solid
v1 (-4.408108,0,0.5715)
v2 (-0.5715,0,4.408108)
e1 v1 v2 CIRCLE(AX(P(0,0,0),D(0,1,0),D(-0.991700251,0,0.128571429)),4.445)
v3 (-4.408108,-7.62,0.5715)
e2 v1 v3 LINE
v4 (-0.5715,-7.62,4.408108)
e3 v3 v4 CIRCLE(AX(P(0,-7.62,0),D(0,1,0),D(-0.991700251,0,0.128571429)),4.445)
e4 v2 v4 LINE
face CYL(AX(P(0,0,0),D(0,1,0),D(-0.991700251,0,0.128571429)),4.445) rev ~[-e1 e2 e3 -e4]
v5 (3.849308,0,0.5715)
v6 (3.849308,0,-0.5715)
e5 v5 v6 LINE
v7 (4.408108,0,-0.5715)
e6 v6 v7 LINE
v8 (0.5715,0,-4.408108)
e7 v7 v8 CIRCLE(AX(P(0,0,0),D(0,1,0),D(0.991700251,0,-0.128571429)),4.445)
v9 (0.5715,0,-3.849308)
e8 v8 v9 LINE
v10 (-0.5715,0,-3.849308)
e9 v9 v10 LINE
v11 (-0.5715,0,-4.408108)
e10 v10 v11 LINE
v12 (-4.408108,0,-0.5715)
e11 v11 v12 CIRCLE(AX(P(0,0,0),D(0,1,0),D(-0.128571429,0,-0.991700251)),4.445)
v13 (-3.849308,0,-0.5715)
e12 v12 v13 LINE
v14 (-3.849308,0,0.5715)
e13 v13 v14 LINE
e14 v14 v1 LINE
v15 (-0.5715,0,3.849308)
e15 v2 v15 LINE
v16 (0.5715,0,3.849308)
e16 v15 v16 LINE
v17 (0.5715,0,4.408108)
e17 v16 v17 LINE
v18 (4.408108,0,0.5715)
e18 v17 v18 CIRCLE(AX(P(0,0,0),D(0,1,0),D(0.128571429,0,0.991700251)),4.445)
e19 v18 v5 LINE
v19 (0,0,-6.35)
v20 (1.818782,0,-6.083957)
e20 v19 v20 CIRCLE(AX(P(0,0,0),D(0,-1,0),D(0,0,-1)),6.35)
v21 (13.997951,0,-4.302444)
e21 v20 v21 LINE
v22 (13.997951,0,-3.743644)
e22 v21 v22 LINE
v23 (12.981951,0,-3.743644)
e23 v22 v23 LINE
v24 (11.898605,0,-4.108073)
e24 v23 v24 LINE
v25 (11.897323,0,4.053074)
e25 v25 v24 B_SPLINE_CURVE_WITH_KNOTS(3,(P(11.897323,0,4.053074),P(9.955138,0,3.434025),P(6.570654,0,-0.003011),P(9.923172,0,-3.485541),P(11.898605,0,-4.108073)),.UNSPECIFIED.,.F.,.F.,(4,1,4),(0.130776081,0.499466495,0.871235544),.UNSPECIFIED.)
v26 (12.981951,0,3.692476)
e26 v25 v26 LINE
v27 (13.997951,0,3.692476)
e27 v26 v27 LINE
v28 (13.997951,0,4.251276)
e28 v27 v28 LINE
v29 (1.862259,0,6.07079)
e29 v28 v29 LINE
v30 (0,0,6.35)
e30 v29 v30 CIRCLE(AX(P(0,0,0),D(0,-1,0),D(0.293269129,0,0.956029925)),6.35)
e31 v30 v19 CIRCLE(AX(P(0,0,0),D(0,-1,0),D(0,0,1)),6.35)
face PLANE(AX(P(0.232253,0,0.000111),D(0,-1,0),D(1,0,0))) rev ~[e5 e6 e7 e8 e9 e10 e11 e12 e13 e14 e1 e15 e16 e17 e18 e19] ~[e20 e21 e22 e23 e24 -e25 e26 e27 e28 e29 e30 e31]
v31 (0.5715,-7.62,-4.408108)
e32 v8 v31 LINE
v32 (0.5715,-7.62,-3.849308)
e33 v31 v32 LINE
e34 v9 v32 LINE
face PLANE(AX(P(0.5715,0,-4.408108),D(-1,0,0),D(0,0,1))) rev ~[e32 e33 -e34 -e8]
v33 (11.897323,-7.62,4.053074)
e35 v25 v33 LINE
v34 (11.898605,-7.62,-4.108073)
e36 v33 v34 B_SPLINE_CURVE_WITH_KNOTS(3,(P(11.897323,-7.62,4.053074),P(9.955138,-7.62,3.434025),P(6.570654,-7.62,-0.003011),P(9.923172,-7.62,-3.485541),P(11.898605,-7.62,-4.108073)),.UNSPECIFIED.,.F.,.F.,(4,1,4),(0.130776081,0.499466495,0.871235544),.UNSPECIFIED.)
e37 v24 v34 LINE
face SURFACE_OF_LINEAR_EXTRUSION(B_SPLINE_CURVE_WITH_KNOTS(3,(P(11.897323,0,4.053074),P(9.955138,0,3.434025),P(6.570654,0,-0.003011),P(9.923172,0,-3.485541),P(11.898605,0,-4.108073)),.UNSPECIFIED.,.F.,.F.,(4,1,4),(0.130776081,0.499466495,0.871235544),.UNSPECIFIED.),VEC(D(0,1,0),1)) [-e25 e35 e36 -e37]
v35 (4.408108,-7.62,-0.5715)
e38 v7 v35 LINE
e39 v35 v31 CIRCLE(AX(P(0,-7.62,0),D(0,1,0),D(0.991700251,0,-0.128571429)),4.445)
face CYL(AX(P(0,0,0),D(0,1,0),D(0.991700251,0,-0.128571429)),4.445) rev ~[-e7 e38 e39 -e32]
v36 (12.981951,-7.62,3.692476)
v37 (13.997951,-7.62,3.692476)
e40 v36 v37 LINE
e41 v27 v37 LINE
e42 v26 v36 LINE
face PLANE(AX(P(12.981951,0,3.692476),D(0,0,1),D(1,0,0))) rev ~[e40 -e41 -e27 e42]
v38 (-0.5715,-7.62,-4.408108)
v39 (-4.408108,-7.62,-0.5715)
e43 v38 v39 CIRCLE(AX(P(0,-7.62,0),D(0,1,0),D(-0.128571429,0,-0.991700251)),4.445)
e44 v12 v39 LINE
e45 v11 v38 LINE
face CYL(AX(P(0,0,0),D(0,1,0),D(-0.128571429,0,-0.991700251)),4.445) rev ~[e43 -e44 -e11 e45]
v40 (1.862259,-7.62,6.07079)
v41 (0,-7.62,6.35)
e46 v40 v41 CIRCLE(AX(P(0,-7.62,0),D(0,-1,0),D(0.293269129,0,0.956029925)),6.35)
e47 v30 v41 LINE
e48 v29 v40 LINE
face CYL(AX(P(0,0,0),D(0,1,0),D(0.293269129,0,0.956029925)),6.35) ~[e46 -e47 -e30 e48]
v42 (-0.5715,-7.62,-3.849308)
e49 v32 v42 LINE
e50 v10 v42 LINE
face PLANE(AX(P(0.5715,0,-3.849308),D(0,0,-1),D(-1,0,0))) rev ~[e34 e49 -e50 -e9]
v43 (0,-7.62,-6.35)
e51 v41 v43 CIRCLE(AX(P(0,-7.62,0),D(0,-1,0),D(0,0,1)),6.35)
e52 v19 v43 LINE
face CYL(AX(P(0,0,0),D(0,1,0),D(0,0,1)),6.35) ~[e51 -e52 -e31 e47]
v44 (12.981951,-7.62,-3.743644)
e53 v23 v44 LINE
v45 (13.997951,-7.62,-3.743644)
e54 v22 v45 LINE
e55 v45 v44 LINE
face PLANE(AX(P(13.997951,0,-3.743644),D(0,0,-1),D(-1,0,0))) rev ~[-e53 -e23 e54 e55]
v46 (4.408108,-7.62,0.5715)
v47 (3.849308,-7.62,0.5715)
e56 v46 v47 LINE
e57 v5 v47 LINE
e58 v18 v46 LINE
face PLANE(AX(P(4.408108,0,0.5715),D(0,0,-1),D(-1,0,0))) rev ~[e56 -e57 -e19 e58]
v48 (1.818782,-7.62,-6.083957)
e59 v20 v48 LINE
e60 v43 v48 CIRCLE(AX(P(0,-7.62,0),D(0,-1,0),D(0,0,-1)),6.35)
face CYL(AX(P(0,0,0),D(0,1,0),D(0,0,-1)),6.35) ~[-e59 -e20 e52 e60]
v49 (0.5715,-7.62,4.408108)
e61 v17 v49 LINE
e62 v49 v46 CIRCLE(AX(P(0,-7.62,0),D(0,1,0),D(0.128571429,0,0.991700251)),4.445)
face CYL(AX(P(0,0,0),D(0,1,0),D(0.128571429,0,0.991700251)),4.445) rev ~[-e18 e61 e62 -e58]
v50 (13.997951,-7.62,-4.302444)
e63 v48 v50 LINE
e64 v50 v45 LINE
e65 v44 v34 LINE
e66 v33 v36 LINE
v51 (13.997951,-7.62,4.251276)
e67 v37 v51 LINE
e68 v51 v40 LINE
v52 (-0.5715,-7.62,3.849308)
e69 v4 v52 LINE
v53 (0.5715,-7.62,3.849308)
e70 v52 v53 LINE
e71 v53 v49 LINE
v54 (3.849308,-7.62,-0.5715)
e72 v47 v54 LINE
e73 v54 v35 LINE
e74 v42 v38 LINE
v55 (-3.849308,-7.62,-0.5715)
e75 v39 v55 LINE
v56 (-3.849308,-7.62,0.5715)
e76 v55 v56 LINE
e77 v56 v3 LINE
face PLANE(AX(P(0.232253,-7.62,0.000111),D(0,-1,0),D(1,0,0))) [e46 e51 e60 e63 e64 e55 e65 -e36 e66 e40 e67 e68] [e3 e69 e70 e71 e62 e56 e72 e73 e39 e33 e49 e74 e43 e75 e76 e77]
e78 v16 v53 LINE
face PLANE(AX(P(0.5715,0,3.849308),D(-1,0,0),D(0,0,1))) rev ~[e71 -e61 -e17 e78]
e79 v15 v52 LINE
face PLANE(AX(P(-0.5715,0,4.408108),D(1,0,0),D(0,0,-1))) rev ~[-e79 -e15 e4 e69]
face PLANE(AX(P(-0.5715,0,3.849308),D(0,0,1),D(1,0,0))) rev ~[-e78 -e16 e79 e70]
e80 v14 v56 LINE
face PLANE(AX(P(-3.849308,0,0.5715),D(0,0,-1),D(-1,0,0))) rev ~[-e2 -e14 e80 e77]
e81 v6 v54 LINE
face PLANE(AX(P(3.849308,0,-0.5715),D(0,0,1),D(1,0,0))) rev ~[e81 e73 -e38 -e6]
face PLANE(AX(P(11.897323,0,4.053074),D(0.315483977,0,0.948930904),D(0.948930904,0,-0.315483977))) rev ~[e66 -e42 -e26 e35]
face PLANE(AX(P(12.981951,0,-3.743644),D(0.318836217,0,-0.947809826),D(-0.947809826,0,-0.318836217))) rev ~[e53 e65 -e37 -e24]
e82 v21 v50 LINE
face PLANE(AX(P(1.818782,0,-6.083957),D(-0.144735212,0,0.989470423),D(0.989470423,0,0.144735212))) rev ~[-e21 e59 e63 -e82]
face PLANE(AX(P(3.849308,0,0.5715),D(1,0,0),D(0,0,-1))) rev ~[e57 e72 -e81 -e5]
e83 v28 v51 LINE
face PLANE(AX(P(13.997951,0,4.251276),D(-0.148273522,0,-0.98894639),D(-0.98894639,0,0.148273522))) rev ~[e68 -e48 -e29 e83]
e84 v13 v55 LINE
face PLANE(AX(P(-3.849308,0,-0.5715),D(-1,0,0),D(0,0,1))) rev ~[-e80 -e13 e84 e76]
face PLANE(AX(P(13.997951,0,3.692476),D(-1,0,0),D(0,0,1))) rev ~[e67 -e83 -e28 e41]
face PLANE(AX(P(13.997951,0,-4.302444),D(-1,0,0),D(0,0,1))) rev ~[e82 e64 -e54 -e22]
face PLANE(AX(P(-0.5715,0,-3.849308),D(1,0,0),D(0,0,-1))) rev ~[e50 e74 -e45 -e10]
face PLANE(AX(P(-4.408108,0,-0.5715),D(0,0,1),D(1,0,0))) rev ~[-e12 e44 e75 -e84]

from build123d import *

# Parameters (mm, degrees)
F1_DEPTH = 7.62


with BuildPart() as f1:
    # F0 (on Front) → F1 (new body)
    with BuildSketch(Plane.XZ):
        with BuildLine():
            Line((1.8622589664, 6.0707900262), (0, 6.35))
            ThreePointArc((0, 6.35), (-6.35, 0), (0, -6.35))
            Line((0, -6.35), (1.8187823812, -6.0839568251))
            ThreePointArc((1.8187823812, -6.0839568251), (5.0927285477, -3.7929692775), (6.35, 0))
            ThreePointArc((6.35, 0), (5.1062630385, 3.7747288355), (1.8622589664, 6.0707900262))
        make_face()
        with BuildLine():
            ThreePointArc((4.4081076155, 0.5715), (4.4357673153, 0.2863447651), (4.445, 0))
            ThreePointArc((4.445, 0), (4.4357673153, -0.2863447651), (4.4081076155, -0.5715))
            ThreePointArc((4.4081076155, -0.5715), (3.1430896424, -3.1430896424), (0.5715, -4.4081076155))
            ThreePointArc((0.5715, -4.4081076155), (0, -4.445), (-0.5715, -4.4081076155))
            ThreePointArc((-0.5715, -4.4081076155), (-3.1430896424, -3.1430896424), (-4.4081076155, -0.5715))
            ThreePointArc((-4.4081076155, -0.5715), (-4.445, 0), (-4.4081076155, 0.5715))
            ThreePointArc((-4.4081076155, 0.5715), (-3.1430896424, 3.1430896424), (-0.5715, 4.4081076155))
            ThreePointArc((-0.5715, 4.4081076155), (0, 4.445), (0.5715, 4.4081076155))
            ThreePointArc((0.5715, 4.4081076155), (3.1430896424, 3.1430896424), (4.4081076155, 0.5715))
        make_face(mode=Mode.SUBTRACT)
        with BuildLine():
            ThreePointArc((1.8622589664, 6.0707900262), (0.9415368643, 6.2798095778), (0, 6.35))
            Line((0, 6.35), (1.8622589664, 6.0707900262))
        make_face()
        with BuildLine():
            Line((1.8187823812, -6.0839568251), (0, -6.35))
            ThreePointArc((0, -6.35), (0.9190685939, -6.2831371877), (1.8187823812, -6.0839568251))
        make_face()
        with BuildLine():
            Line((13.9979512441, 4.2512759929), (1.8622589664, 6.0707900262))
            ThreePointArc((1.8622589664, 6.0707900262), (5.1062630385, 3.7747288355), (6.35, 0))
            ThreePointArc((6.35, 0), (5.0927285477, -3.7929692775), (1.8187823812, -6.0839568251))
            Line((1.8187823812, -6.0839568251), (13.9979512441, -4.3024436627))
            add(Edge.make_bspline(
                [(12.9819512441, -4.3278436627), (13.3216856344, -4.3582096926), (13.6625330249, -4.3515071069), (13.9979512441, -4.3024436627)],
                knots=[0.9379354435, 0.9379354435, 0.9379354435, 0.9379354435, 1, 1, 1, 1], degree=3))
            add(Edge.make_bspline(
                [(11.8986046127, -4.1080734588), (12.2530212332, -4.2197633946), (12.616843509, -4.2952097206), (12.9819512441, -4.3278436627)],
                knots=[0.8712355441, 0.8712355441, 0.8712355441, 0.8712355441, 0.9379354435, 0.9379354435, 0.9379354435, 0.9379354435], degree=3))
            add(Edge.make_bspline(
                [(11.8973232208, 4.0530741781), (9.9551383056, 3.4340248692), (6.5706535126, -0.0030113398), (9.9231723965, -3.4855408669), (11.8986046127, -4.1080734588)],
                knots=[0.1307760808, 0.1307760808, 0.1307760808, 0.1307760808, 0.4994664947, 0.8712355441, 0.8712355441, 0.8712355441, 0.8712355441], degree=3))
            add(Edge.make_bspline(
                [(13.9979512441, 4.2512759929), (13.30745774, 4.3548022353), (12.5862245912, 4.2726536393), (11.8973232208, 4.0530741781)],
                knots=[0, 0, 0, 0, 0.1307760808, 0.1307760808, 0.1307760808, 0.1307760808], degree=3))
        make_face()
        with BuildLine():
            Line((13.9979512441, 3.6924759929), (13.9979512441, 4.2512759929))
            add(Edge.make_bspline(
                [(13.9979512441, 4.2512759929), (13.30745774, 4.3548022353), (12.5862245912, 4.2726536393), (11.8973232208, 4.0530741781)],
                knots=[0, 0, 0, 0, 0.1307760808, 0.1307760808, 0.1307760808, 0.1307760808], degree=3))
            Line((11.8973232208, 4.0530741781), (12.9819512441, 3.6924759929))
            Line((12.9819512441, 3.6924759929), (13.9979512441, 3.6924759929))
        make_face()
        with BuildLine():
            add(Edge.make_bspline(
                [(12.9819512441, -4.3278436627), (13.3216856344, -4.3582096926), (13.6625330249, -4.3515071069), (13.9979512441, -4.3024436627)],
                knots=[0.9379354435, 0.9379354435, 0.9379354435, 0.9379354435, 1, 1, 1, 1], degree=3))
            Line((13.9979512441, -4.3024436627), (13.9979512441, -3.7436436627))
            Line((13.9979512441, -3.7436436627), (12.9819512441, -3.7436436627))
            Line((12.9819512441, -3.7436436627), (11.8986046127, -4.1080734588))
            add(Edge.make_bspline(
                [(11.8986046127, -4.1080734588), (12.2530212332, -4.2197633946), (12.616843509, -4.2952097206), (12.9819512441, -4.3278436627)],
                knots=[0.8712355441, 0.8712355441, 0.8712355441, 0.8712355441, 0.9379354435, 0.9379354435, 0.9379354435, 0.9379354435], degree=3))
        make_face()
        with BuildLine():
            ThreePointArc((4.4081076155, -0.5715), (4.4357673153, -0.2863447651), (4.445, 0))
            ThreePointArc((4.445, 0), (4.4357673153, 0.2863447651), (4.4081076155, 0.5715))
            Line((4.4081076155, 0.5715), (3.8493076155, 0.5715))
            Line((3.8493076155, 0.5715), (3.8493076155, -0.5715))
            Line((3.8493076155, -0.5715), (4.4081076155, -0.5715))
        make_face()
        with BuildLine():
            ThreePointArc((-0.5715, -4.4081076155), (0, -4.445), (0.5715, -4.4081076155))
            Line((0.5715, -4.4081076155), (0.5715, -3.8493076155))
            Line((0.5715, -3.8493076155), (-0.5715, -3.8493076155))
            Line((-0.5715, -3.8493076155), (-0.5715, -4.4081076155))
        make_face()
        with BuildLine():
            Line((-3.8493076155, 0.5715), (-4.4081076155, 0.5715))
            ThreePointArc((-4.4081076155, 0.5715), (-4.445, 0), (-4.4081076155, -0.5715))
            Line((-4.4081076155, -0.5715), (-3.8493076155, -0.5715))
            Line((-3.8493076155, -0.5715), (-3.8493076155, 0.5715))
        make_face()
        with BuildLine():
            Line((0.5715, 3.8493076155), (0.5715, 4.4081076155))
            ThreePointArc((0.5715, 4.4081076155), (0, 4.445), (-0.5715, 4.4081076155))
            Line((-0.5715, 4.4081076155), (-0.5715, 3.8493076155))
            Line((-0.5715, 3.8493076155), (0.5715, 3.8493076155))
        make_face()
    extrude(amount=F1_DEPTH)


solid = f1.part
